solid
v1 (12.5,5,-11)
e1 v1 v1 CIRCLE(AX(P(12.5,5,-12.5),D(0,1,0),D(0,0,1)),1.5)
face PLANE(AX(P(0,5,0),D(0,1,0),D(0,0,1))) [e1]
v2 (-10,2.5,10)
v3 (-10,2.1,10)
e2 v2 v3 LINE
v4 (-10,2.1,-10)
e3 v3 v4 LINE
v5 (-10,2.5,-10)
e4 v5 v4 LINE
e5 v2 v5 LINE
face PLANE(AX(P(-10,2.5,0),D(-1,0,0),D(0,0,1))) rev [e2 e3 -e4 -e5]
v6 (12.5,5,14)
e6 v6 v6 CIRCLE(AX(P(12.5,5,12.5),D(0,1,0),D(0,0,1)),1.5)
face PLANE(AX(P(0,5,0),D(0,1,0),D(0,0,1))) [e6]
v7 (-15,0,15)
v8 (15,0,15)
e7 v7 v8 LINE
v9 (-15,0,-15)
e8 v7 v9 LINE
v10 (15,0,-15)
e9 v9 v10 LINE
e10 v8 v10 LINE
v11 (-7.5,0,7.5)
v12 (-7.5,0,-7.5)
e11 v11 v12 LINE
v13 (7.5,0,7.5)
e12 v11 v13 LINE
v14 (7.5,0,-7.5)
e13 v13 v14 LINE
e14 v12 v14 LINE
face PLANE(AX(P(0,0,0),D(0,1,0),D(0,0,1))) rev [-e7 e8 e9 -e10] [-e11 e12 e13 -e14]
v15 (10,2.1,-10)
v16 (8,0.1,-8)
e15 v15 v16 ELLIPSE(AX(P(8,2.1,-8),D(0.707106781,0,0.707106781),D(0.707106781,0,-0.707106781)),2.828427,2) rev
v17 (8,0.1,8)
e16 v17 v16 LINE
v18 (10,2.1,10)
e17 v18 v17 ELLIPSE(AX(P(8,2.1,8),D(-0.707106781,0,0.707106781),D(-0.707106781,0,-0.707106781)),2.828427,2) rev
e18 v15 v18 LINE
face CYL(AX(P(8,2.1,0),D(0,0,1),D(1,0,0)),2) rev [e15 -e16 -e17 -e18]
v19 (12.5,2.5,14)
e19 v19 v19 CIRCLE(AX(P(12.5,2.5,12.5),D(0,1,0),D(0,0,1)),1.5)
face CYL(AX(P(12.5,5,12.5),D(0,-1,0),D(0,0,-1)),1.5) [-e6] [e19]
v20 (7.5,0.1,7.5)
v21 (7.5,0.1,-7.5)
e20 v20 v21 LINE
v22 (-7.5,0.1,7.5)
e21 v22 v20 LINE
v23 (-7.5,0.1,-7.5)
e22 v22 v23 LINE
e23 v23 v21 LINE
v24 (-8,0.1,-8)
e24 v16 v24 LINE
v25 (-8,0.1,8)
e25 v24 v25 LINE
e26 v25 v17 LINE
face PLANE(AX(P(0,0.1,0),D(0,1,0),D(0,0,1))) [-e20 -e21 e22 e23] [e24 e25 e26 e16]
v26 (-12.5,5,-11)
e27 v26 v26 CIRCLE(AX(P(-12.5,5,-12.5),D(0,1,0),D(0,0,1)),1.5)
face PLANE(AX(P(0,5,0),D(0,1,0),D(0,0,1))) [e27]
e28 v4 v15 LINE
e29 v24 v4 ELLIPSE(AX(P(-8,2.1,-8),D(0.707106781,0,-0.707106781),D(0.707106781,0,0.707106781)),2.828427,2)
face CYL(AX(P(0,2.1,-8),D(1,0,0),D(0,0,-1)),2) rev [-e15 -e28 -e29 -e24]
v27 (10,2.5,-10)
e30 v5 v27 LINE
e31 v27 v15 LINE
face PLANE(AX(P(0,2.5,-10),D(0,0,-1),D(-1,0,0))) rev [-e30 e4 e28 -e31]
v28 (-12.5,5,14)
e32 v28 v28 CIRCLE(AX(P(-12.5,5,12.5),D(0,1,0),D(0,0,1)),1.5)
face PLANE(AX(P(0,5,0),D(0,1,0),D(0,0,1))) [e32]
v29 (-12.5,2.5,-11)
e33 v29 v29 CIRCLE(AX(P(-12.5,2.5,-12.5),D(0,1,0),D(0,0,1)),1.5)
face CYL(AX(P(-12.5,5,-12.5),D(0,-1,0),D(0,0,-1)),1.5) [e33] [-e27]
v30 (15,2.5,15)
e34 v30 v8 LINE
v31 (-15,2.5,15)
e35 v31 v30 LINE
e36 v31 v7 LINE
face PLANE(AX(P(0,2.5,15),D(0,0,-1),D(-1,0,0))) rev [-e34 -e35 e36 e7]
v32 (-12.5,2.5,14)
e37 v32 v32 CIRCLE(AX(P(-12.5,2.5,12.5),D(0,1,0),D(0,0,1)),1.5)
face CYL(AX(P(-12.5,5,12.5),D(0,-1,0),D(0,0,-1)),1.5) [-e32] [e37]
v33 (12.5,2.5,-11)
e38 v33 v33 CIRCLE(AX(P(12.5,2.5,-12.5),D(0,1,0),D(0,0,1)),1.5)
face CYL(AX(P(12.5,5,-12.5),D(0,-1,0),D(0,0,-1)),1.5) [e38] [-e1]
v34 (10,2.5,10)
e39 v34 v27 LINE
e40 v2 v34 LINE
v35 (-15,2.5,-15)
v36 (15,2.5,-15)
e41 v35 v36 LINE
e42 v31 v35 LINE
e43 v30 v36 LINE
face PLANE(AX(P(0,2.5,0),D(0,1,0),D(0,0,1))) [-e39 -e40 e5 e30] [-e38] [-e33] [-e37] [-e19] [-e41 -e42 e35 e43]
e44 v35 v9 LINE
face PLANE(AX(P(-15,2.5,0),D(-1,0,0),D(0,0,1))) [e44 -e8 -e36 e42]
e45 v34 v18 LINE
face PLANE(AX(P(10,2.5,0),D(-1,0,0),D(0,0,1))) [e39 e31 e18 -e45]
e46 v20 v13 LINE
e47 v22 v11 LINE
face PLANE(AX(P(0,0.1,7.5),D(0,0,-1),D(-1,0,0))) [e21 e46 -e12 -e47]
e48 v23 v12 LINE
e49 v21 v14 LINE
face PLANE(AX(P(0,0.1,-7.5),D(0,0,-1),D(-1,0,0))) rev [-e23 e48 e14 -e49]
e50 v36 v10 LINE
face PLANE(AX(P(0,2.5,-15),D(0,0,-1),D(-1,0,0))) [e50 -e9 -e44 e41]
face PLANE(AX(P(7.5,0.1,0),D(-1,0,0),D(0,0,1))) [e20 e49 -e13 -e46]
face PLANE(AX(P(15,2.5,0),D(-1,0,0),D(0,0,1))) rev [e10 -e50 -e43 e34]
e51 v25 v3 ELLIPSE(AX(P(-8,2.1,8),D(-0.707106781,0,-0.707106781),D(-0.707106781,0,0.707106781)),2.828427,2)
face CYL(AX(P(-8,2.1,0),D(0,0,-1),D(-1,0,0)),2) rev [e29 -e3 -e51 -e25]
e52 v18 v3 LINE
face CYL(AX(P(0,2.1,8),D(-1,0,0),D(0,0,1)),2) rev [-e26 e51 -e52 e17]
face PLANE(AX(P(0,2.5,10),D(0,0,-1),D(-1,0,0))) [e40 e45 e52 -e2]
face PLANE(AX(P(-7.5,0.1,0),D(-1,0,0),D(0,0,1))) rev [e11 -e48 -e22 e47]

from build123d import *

# Parameters (mm, degrees)
SKETCH1_W           = 20
SKETCH1_H           = 20
SKETCH1_W_2         = 15
SKETCH1_H_2         = 15
BOSS_EXTRUDE3_DEPTH = 0.1
SKETCH1_5_W         = 30
SKETCH1_5_H         = 30
SKETCH1_5_W_2       = 20
SKETCH1_5_H_2       = 20
BOSS_EXTRUDE4_DEPTH = 2.5
FILLET2_R           = 2
SKETCH2_R           = 1.5
BOSS_EXTRUDE5_DEPTH = 2.5


with BuildPart() as part:
    # Sketch1 → Boss-Extrude3 (new body)
    with BuildSketch(Plane(origin=(0, 0, 0), x_dir=(1, 0, 0), z_dir=(0, 1, 0))):
        Rectangle(SKETCH1_W, SKETCH1_H)
        Rectangle(SKETCH1_W_2, SKETCH1_H_2, mode=Mode.SUBTRACT)
    extrude(amount=BOSS_EXTRUDE3_DEPTH)

    # Sketch1<5> → Boss-Extrude4 (add)
    with BuildSketch(Plane(origin=(0, 0, 0), x_dir=(1, 0, 0), z_dir=(0, 1, 0))):
        Rectangle(SKETCH1_5_W, SKETCH1_5_H)
        Rectangle(SKETCH1_5_W_2, SKETCH1_5_H_2, mode=Mode.SUBTRACT)
    extrude(amount=BOSS_EXTRUDE4_DEPTH)

    # Fillet2
    fillet2_edges = [part.edges().sort_by_distance(p)[0] for p in [
        (0, 0.1, 10),
        (0, 0.1, -10),
        (10, 0.1, 0),
        (-10, 0.1, 0),
    ]]
    fillet(fillet2_edges, radius=FILLET2_R)

    # Sketch2 → Boss-Extrude5 (add)
    with BuildSketch(Plane(origin=(0, 2.5, 0), x_dir=(1, 0, 0), z_dir=(0, 1, 0))):
        with Locations((-12.5, 12.5)):
            Circle(SKETCH2_R)
        with Locations((12.5, 12.5)):
            Circle(SKETCH2_R)
        with Locations((12.5, -12.5)):
            Circle(SKETCH2_R)
        with Locations((-12.5, -12.5)):
            Circle(SKETCH2_R)
    extrude(amount=BOSS_EXTRUDE5_DEPTH)


solid = part.part
